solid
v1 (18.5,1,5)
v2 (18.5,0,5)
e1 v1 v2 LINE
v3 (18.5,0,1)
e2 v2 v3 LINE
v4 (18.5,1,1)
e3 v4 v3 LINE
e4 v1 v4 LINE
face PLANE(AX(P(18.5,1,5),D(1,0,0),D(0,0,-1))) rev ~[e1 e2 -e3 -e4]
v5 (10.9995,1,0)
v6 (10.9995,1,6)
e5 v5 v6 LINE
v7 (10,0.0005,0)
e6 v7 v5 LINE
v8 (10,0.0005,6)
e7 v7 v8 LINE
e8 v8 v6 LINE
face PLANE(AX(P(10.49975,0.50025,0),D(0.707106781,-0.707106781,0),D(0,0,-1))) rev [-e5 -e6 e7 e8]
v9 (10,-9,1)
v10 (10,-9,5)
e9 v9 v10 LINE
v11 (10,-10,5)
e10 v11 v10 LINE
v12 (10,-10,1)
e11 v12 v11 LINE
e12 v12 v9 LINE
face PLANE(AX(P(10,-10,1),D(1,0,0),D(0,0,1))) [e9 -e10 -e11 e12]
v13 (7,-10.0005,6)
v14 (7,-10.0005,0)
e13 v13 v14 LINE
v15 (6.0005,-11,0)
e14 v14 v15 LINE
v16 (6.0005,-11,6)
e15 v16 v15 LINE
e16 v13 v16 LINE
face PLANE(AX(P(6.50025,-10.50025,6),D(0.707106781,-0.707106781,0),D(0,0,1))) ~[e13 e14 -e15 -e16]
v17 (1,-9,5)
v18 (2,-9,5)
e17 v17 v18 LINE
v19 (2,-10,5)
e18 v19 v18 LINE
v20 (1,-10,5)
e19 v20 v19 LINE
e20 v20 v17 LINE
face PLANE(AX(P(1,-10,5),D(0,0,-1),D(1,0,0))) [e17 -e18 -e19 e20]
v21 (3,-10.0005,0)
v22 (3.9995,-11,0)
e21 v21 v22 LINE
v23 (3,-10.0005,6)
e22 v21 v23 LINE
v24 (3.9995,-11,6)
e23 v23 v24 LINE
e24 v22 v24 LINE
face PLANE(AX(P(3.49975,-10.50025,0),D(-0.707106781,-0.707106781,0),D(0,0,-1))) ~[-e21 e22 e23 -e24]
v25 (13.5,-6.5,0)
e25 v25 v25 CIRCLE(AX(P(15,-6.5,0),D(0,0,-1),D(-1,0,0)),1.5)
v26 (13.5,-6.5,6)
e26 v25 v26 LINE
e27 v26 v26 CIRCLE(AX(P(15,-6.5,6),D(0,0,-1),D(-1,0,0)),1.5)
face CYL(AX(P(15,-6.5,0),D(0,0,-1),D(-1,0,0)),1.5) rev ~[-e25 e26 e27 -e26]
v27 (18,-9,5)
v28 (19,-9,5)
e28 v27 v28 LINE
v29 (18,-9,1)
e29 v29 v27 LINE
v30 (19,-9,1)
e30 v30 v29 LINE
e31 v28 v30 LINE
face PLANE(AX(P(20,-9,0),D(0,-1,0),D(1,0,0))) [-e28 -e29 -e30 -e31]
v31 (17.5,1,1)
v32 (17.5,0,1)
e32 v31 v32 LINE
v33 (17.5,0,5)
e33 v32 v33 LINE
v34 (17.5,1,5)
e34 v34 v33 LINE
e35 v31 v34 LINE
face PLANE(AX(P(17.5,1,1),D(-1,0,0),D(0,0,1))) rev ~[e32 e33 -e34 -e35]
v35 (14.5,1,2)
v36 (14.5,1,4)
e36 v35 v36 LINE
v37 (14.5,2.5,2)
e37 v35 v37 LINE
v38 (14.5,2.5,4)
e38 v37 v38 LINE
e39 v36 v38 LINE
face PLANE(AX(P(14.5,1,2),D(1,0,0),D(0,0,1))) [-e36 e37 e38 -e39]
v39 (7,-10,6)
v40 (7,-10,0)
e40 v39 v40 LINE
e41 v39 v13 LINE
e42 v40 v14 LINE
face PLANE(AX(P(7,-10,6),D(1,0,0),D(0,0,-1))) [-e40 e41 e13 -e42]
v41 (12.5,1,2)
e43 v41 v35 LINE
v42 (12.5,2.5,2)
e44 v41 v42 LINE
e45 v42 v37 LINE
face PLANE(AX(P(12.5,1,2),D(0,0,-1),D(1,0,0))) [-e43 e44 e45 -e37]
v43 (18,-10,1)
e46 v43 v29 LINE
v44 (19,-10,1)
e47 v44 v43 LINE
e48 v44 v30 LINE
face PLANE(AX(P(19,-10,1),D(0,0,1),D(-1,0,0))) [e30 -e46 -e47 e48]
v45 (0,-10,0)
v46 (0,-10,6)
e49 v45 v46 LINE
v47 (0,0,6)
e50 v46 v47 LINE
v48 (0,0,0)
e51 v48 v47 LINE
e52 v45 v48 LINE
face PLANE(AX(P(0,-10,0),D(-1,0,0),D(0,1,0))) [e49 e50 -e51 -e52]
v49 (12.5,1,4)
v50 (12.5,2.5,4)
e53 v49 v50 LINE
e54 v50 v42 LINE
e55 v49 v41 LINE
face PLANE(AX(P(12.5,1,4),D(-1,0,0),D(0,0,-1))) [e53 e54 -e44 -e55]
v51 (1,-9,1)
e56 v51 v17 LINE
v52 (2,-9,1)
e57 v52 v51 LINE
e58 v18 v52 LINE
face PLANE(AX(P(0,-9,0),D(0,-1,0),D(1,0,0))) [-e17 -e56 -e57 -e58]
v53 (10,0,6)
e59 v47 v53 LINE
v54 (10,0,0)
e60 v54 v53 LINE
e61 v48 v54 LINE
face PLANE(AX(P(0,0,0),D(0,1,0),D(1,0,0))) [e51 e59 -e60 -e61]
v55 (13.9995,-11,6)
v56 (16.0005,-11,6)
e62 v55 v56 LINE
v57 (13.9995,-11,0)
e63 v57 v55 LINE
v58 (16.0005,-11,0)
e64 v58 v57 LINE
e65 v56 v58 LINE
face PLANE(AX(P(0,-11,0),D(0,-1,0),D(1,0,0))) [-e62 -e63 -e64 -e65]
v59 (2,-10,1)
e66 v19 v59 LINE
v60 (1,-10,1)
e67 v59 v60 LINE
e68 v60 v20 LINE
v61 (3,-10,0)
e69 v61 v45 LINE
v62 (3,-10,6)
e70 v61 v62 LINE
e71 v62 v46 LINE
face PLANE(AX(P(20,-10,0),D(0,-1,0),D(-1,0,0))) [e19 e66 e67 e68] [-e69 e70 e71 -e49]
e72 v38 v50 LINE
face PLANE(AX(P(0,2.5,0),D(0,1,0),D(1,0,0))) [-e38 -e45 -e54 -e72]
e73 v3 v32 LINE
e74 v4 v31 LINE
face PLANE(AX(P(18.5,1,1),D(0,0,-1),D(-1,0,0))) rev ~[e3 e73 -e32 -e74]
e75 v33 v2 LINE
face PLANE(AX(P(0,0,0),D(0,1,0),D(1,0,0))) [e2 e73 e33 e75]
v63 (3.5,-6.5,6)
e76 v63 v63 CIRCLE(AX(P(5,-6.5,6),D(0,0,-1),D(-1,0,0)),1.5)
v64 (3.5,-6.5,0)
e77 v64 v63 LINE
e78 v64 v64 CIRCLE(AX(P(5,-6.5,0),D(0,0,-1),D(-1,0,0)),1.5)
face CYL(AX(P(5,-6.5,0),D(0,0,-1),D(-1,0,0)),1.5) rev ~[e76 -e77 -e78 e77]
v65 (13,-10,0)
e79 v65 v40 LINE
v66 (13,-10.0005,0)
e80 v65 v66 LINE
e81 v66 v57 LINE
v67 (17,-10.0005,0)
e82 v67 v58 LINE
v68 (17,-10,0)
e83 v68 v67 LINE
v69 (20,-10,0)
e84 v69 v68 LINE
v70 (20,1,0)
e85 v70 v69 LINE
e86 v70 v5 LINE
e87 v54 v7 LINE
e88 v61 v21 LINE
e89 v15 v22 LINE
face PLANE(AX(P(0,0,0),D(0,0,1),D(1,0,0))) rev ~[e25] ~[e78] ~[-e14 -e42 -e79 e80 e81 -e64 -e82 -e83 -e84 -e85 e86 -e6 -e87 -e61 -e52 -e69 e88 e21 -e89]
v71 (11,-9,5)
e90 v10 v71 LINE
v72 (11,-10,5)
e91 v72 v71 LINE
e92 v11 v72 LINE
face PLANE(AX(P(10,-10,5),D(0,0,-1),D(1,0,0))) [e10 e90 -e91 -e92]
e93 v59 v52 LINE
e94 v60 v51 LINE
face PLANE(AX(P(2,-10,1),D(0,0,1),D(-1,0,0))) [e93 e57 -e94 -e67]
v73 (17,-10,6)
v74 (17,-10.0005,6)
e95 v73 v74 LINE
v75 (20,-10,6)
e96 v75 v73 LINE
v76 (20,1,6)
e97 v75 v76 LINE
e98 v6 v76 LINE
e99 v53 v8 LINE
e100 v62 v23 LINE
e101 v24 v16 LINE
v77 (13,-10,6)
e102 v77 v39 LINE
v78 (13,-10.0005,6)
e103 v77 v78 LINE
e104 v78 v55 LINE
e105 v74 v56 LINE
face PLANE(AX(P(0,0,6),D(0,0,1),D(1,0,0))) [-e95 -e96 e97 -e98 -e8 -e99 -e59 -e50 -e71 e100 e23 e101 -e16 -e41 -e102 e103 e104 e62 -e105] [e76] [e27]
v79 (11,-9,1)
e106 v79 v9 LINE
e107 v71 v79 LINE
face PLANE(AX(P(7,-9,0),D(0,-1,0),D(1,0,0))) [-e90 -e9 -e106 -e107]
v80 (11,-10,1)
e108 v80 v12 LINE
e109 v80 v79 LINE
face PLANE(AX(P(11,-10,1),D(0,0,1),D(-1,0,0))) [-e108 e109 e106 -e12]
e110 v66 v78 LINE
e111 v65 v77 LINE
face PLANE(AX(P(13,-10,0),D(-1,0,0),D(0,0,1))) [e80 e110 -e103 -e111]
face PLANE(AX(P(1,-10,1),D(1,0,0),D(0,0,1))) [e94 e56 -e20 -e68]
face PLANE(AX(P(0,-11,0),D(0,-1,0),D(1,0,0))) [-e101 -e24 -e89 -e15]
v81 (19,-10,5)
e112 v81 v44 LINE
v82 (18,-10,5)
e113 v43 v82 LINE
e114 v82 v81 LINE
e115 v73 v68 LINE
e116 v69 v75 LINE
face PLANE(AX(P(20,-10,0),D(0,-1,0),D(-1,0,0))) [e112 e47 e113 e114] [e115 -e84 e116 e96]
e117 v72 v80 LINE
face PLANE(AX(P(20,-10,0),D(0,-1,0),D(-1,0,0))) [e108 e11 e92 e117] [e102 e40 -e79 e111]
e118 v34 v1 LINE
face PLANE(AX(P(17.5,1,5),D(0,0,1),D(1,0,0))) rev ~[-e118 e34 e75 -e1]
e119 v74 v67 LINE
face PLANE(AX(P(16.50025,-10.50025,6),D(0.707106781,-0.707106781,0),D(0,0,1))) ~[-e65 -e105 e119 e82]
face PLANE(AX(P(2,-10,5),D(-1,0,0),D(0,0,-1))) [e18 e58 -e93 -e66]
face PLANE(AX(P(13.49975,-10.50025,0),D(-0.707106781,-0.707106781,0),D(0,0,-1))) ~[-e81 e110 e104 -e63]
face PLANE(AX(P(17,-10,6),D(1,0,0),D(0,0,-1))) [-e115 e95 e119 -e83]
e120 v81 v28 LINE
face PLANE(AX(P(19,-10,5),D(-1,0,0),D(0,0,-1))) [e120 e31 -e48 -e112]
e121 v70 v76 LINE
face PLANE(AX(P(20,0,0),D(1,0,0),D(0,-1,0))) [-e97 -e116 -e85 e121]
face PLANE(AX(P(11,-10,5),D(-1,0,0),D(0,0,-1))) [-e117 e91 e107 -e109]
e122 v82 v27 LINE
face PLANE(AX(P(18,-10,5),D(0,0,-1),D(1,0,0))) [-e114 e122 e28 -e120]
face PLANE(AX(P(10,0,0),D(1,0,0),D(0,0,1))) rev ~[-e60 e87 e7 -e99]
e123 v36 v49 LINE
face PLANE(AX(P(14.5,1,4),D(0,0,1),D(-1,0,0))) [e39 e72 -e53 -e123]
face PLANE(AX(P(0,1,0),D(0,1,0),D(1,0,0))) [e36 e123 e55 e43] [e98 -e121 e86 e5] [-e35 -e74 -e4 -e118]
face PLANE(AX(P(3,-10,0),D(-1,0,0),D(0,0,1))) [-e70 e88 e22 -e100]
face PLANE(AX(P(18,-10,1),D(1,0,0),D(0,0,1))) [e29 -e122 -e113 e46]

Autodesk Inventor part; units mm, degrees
ref_plane "YZ Plane" through (0, 0, 0) normal (1, 0, 0) x (0, 1, 0)
ref_plane "XZ Plane" through (0, 0, 0) normal (0, 1, 0) x (-1, 0, 0)
ref_plane "XY Plane" through (0, 0, 0) normal (0, 0, 1) x (1, 0, 0)
sketch "Sketch1" plane through (0, 0, 0) normal (0, 0, 1) x (1, 0, 0)
  line L0 (0, 0) -> (20, 0)
  line L1 (20, 0) -> (20, -10)
  line L2 (20, -10) -> (0, -10)
  line L3 (0, -10) -> (0, 0)
  dimension "d0" = 20
  dimension "d1" = 10
extrude "Extrusion1" add sketch "Sketch1" along normal blind 6
sketch "Sketch2" plane through (0, 0, 0) normal (0, 1, 0) x (1, 0, 0)
  line L0 (20, 0) -> (20, -6) projected
  line L1 (20, 0) -> (10, 0)
  line L2 (10, 0) -> (10, -6)
  line L3 (10, -6) -> (20, -6)
  line L4 (20, -6) -> (20, 0)
  point P0 (0, 0)
  dimension "d4" = 10
extrude "Extrusion2" add sketch "Sketch2" along normal blind 1
chamfer "Chamfer2" distance 1 angle 45 1 edges at (10, 1, 3)
sketch "Sketch3" plane through (0, -10, 0) normal (0, -1, 0) x (1, 0, 0)
  line L0 (0, 6) -> (3, 6) construction
  line L1 (3, 6) -> (3, 0) construction
  line L2 (3, 0) -> (0, 0) construction
  line L3 (0, 0) -> (0, 6) construction
  line L4 (3, 6) -> (7, 6)
  line L5 (7, 6) -> (7, 0)
  line L6 (7, 0) -> (3, 0)
  line L7 (3, 0) -> (3, 6)
  line L8 (7, 6) -> (13, 6) construction
  line L9 (13, 6) -> (13, 0) construction
  line L10 (13, 0) -> (7, 0) construction
  line L11 (7, 0) -> (7, 6) construction
  line L12 (13, 6) -> (17, 6)
  line L13 (17, 6) -> (17, 0)
  line L14 (17, 0) -> (13, 0)
  line L15 (13, 0) -> (13, 6)
  dimension "d13" = 3
  dimension "d14" = 4
  dimension "d15" = 6
  dimension "d16" = 4
extrude "Extrusion3" add sketch "Sketch3" along normal blind 1
chamfer "Chamfer3" distance 1 angle 45 4 edges at (3, -11, 3) (7, -11, 3) (13, -11, 3) (17, -11, 3)
sketch "Sketch4" plane through (0, -10, 0) normal (0, -1, 0) x (1, 0, 0)
  line L0 (0, 6) -> (2.9323, 6) construction
  line L1 (0, 5) -> (2.9323, 5) construction
  line L2 (0, 0) -> (2.9323, 0) construction
  line L3 (2.9323, 1) -> (1, 1) construction
  line L4 (1, 1) -> (1, 5) construction
  line L5 (1, 5) -> (2.9323, 5) construction
  line L6 (2, 5) -> (2, 1) construction
  line L7 (1, 5) -> (2, 5)
  line L8 (2, 5) -> (2, 1)
  line L9 (2, 1) -> (1, 1)
  line L10 (1, 1) -> (1, 5)
  dimension "d22" = 1
  dimension "d23" = 1
  dimension "d24" = 1
extrude "Extrusion4" cut sketch "Sketch4" against normal blind 1
sketch "Sketch5" plane through (7, -10, 0) normal (0, -1, 0) x (1, 0, 0)
  line L0 (0, 0.2008) -> (0, 5.4827) construction
  line L1 (3, 0.2008) -> (3, 5.4827) construction
  line L2 (4, 0.2008) -> (4, 5.4827) construction
  line L3 (6, 0) -> (0.2208, 0) construction
  line L4 (6, 1) -> (0.2208, 1) construction
  line L5 (6, 6) -> (0.5976, 6) construction
  line L6 (6, 5) -> (0.5976, 5) construction
  line L7 (4, 1) -> (3, 1)
  line L8 (3, 1) -> (3, 5)
  line L9 (3, 5) -> (4, 5)
  line L10 (4, 5) -> (4, 1)
  point P0 (-7, 0)
  dimension "d27" = 3
  dimension "d28" = 1
  dimension "d29" = 1
  dimension "d30" = 1
extrude "Extrusion5" cut sketch "Sketch5" against normal blind 1
sketch "Sketch6" plane through (20, -10, 0) normal (0, -1, 0) x (1, 0, 0)
  line L0 (0, 0) -> (0, 5.7185) construction
  line L1 (-1, 0) -> (-1, 5.7185) construction
  line L2 (-2, 0) -> (-2, 5.7185) construction
  line L3 (-0.3844, 0) -> (-2.7356, 0) construction
  line L4 (-0.3844, 1) -> (-2.7356, 1) construction
  line L5 (-0.4485, 6) -> (-2.495, 6) construction
  line L6 (-0.4485, 5) -> (-2.495, 5) construction
  line L7 (-1, 1) -> (-2, 1)
  line L8 (-2, 1) -> (-2, 5)
  line L9 (-2, 5) -> (-1, 5)
  line L10 (-1, 5) -> (-1, 1)
  point P0 (-20, 0)
  dimension "d33" = 1
  dimension "d34" = 1
  dimension "d35" = 1
  dimension "d36" = 1
extrude "Extrusion6" cut sketch "Sketch6" against normal blind 1
sketch "Sketch7" plane through (0, 1, 0) normal (0, 1, 0) x (1, 0, 0)
  line L0 (11, -5.3093) -> (11, -0.576) construction
  line L1 (12.5, -5.3093) -> (12.5, -0.576) construction
  line L2 (14.5, -5.3093) -> (14.5, -0.576) construction
  line L3 (15, 0) -> (12.0712, 0) construction
  line L4 (15, -2) -> (12.0712, -2) construction
  line L5 (15, -4) -> (12.0712, -4) construction
  line L6 (14.5, -4) -> (12.5, -4)
  line L7 (12.5, -4) -> (12.5, -2)
  line L8 (12.5, -2) -> (14.5, -2)
  line L9 (14.5, -2) -> (14.5, -4)
  point P0 (0, 0)
  dimension "d39" = 1.5
  dimension "d40" = 2
  dimension "d41" = 2
  dimension "d42" = 2
extrude "Extrusion7" add sketch "Sketch7" along normal blind 1.5
sketch "Sketch8" plane through (0, 1, 0) normal (0, 1, 0) x (1, 0, 0)
  line L0 (14.5, -5.3842) -> (14.5, -1) construction
  line L1 (17.5, -5.3842) -> (17.5, -1) construction
  line L2 (18.8144, -6) -> (15.3684, -6) construction
  line L3 (18.8144, -5) -> (14.5, -5) construction
  line L4 (18.8144, -1) -> (14.5, -1) construction
  line L5 (17.5, -5) -> (18.5, -5)
  line L6 (18.5, -5) -> (18.5, -1)
  line L7 (18.5, -1) -> (17.5, -1)
  line L8 (17.5, -1) -> (17.5, -5)
  point P0 (0, 0)
  dimension "d45" = 3
  dimension "d47" = 1
  dimension "d48" = 4
  dimension "d49" = 1
extrude "Extrusion8" cut sketch "Sketch8" against normal blind 1
sketch "Sketch9" plane through (0, 0, 0) normal (0, 0, -1) x (-1, 0, 0)
  line L0 (-20, -10) -> (-0.9385, -10) construction
  line L1 (-20, -6.5) -> (-0.9385, -6.5) construction
  line L2 (-13, -10) -> (-14, -11) construction
  line L3 (-13, -10) -> (-13, -3.6474) construction
  line L4 (-3, -10) -> (-3, -3.6474) construction
  line L5 (-5, -10) -> (-5, -3.6474) construction
  line L6 (-15, -10) -> (-15, -3.6474) construction
  circle A0 centre (-15, -6.5) radius 1.5
  circle A1 centre (-5, -6.5) radius 1.5
  point P0 (0, 0)
  dimension "d52" = 3.5
  dimension "d53" = 2
  dimension "d54" = 2
  dimension "d55" = 3
  dimension "d56" = 3
extrude "Extrusion9" cut sketch "Sketch9" against normal blind 20
properties part number "Limit switch body"
